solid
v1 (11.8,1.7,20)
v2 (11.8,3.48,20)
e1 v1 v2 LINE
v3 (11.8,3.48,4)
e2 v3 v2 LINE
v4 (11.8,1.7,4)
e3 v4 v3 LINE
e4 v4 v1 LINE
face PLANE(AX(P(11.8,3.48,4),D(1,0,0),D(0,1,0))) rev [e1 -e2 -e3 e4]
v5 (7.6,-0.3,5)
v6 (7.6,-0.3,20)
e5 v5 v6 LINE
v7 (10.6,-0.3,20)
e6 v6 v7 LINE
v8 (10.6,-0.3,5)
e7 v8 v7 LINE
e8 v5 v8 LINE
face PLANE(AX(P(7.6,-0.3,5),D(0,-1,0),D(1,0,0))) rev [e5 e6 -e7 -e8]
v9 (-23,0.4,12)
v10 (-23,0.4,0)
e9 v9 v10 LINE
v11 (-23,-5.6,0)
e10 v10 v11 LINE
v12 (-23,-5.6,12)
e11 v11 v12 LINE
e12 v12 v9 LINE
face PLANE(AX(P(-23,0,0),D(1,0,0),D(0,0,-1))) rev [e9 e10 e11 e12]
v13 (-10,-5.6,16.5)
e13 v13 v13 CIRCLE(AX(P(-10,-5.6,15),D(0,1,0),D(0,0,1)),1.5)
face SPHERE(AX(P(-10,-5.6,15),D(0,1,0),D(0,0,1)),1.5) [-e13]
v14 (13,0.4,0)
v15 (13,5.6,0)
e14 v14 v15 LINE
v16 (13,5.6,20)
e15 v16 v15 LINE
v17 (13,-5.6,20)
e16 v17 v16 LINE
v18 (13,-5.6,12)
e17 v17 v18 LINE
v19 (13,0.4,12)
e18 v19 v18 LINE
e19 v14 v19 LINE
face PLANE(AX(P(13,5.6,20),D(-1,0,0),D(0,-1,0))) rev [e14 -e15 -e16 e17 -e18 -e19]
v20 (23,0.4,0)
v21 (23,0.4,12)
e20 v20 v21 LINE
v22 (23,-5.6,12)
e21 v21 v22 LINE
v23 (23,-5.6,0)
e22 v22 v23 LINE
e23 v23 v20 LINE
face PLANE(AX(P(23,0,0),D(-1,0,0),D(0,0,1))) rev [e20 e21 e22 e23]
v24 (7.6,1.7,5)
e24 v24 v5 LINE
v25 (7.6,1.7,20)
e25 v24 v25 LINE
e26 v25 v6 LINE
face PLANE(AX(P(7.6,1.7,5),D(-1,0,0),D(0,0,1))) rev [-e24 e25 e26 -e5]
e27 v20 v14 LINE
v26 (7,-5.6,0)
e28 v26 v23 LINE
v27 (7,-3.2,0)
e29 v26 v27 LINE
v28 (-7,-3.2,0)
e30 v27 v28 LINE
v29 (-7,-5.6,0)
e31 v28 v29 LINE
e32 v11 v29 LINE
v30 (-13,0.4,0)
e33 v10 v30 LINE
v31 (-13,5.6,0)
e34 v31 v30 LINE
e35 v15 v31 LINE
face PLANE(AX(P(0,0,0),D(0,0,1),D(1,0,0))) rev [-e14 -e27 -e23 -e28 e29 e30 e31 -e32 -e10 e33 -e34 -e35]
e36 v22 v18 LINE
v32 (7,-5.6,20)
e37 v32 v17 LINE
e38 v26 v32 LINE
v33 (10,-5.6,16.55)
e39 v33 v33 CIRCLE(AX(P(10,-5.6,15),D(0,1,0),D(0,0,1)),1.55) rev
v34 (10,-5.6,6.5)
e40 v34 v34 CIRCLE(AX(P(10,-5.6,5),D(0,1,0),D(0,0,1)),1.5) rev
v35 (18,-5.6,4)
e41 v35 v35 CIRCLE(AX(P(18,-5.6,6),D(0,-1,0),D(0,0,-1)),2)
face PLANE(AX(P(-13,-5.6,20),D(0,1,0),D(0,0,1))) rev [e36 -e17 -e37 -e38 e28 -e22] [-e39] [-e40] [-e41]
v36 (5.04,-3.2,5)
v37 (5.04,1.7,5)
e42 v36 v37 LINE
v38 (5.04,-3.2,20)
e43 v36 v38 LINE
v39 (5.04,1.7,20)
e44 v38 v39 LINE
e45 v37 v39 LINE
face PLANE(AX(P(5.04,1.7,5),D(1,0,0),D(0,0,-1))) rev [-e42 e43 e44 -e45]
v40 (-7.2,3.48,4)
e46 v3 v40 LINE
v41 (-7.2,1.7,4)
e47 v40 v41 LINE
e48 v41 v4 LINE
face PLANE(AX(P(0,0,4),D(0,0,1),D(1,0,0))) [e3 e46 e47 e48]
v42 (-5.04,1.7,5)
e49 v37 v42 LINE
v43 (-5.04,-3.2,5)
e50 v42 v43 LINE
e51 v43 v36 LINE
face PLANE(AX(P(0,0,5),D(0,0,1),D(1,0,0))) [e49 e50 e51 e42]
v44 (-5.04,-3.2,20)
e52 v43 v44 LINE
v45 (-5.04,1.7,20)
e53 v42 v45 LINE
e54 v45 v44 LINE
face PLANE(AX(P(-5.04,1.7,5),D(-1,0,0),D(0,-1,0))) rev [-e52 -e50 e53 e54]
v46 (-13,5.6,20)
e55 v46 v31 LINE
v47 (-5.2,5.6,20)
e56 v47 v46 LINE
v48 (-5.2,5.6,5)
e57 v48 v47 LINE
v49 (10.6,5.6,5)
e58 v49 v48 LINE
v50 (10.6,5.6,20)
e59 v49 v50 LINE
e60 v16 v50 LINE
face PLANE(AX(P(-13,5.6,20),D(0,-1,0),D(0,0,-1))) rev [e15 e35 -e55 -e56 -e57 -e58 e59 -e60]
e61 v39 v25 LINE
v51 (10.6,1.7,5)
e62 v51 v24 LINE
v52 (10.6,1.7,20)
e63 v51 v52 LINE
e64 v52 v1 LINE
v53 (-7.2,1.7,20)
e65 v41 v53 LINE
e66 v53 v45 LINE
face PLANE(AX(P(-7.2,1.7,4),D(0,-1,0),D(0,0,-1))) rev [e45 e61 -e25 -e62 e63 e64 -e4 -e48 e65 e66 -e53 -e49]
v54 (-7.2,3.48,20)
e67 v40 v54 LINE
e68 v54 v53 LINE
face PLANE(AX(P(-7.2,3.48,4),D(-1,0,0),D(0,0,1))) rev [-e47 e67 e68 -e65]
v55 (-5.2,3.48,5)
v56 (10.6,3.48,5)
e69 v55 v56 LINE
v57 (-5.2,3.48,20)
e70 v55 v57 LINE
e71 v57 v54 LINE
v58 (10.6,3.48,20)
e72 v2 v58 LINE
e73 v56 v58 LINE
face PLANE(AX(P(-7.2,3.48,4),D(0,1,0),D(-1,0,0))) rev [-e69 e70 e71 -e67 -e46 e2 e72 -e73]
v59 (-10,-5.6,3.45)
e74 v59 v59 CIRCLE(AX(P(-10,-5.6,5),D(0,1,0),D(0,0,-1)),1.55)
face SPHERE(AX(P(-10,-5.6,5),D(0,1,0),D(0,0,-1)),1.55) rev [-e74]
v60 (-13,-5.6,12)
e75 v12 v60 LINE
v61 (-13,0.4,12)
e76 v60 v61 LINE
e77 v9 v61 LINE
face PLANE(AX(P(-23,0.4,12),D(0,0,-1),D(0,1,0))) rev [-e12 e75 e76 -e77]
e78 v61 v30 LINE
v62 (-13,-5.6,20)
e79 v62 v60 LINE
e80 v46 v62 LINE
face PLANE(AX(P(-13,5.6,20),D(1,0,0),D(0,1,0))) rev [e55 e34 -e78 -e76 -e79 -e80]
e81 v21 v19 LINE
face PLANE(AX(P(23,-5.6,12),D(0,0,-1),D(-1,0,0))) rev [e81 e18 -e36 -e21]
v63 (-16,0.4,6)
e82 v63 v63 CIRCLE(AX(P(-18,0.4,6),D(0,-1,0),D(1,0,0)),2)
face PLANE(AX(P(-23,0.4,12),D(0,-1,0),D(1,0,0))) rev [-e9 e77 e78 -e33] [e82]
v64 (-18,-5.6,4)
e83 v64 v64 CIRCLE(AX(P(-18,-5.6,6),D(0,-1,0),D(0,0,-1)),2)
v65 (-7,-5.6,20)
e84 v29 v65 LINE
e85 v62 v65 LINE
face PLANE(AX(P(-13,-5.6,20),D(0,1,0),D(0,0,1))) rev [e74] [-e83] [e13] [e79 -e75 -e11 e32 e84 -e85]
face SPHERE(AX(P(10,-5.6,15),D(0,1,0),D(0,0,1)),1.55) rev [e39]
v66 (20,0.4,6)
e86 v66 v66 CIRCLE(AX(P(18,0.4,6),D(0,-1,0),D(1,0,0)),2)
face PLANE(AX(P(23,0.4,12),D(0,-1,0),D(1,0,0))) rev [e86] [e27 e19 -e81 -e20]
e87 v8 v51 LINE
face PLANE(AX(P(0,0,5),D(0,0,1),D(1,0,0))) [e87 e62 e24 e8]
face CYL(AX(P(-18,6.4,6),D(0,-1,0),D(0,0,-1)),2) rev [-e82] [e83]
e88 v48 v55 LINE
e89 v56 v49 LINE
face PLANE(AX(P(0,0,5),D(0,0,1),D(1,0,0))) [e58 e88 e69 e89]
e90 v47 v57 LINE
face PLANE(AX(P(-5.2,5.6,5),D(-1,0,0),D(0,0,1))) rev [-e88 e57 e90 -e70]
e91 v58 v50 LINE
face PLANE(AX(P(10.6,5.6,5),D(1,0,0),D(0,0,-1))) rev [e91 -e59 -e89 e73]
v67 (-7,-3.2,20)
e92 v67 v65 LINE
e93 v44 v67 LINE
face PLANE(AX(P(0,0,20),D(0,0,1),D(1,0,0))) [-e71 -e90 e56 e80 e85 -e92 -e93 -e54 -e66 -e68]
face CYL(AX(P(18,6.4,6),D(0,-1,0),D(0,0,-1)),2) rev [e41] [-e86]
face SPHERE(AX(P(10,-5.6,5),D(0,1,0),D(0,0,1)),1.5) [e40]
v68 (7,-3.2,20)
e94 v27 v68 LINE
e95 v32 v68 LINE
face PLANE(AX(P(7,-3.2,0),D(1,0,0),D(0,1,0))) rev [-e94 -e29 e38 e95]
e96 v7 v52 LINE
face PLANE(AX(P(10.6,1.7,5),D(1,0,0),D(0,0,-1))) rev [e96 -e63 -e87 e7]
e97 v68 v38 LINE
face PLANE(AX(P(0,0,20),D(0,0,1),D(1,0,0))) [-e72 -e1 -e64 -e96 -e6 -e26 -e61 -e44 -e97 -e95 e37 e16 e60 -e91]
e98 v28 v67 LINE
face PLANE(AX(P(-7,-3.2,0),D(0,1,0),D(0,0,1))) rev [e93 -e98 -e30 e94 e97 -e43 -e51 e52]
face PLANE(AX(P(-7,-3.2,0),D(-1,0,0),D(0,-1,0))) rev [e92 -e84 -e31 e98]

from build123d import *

# Parameters (mm, degrees)
SKETCH2_W           = 26
SKETCH2_H           = 11.2
BOSS_EXTRUDE1_DEPTH = 20
SKETCH6_W           = 14
SKETCH6_H           = 2.4
CUT_EXTRUDE1_DEPTH  = 20
SKETCH7_W           = 10.08
SKETCH7_H           = 4.9
CUT_EXTRUDE2_DEPTH  = 15
SKETCH8_W           = 19
SKETCH8_H           = 1.78
CUT_EXTRUDE3_DEPTH  = 16
SKETCH9_W           = 15.8
SKETCH9_H           = 2.12
CUT_EXTRUDE4_DEPTH  = 15
SKETCH10_W          = 3
SKETCH10_H          = 2
CUT_EXTRUDE5_DEPTH  = 15
CUT_REVOLVE3_ANGLE  = 180
SKETCH15_W          = 12
SKETCH15_H          = 6
BOSS_EXTRUDE2_DEPTH = 10
SKETCH16_W          = 12
SKETCH16_H          = 6
BOSS_EXTRUDE3_DEPTH = 10
SKETCH17_R          = 2
CUT_EXTRUDE6_DEPTH  = 12
SKETCH18_R          = 2
CUT_EXTRUDE7_DEPTH  = 12


with BuildPart() as part:
    # Sketch2 → Boss-Extrude1 (new body)
    with BuildSketch(Plane.XY):
        Rectangle(SKETCH2_W, SKETCH2_H)
    extrude(amount=BOSS_EXTRUDE1_DEPTH)

    # Sketch6 → Cut-Extrude1 (cut)
    with BuildSketch(Plane.XY.offset(20)):
        with Locations((0, -4.4)):
            Rectangle(SKETCH6_W, SKETCH6_H)
    extrude(amount=-CUT_EXTRUDE1_DEPTH, mode=Mode.SUBTRACT)

    # Sketch7 → Cut-Extrude2 (cut)
    with BuildSketch(Plane.XY.offset(20)):
        with Locations((0, -0.75)):
            Rectangle(SKETCH7_W, SKETCH7_H)
    extrude(amount=-CUT_EXTRUDE2_DEPTH, mode=Mode.SUBTRACT)

    # Sketch8 → Cut-Extrude3 (cut)
    with BuildSketch(Plane.XY.offset(20)):
        with Locations((2.3, 2.59)):
            Rectangle(SKETCH8_W, SKETCH8_H)
    extrude(amount=-CUT_EXTRUDE3_DEPTH, mode=Mode.SUBTRACT)

    # Sketch9 → Cut-Extrude4 (cut)
    with BuildSketch(Plane.XY.offset(20)):
        with Locations((2.7, 4.54)):
            Rectangle(SKETCH9_W, SKETCH9_H)
    extrude(amount=-CUT_EXTRUDE4_DEPTH, mode=Mode.SUBTRACT)

    # Sketch10 → Cut-Extrude5 (cut)
    with BuildSketch(Plane.XY.offset(20)):
        with Locations((9.1, 0.7)):
            Rectangle(SKETCH10_W, SKETCH10_H)
    extrude(amount=-CUT_EXTRUDE5_DEPTH, mode=Mode.SUBTRACT)

    # Sketch11 → Cut-Revolve3 (revolve, cut)
    with BuildSketch(Plane.XZ.offset(5.6)):
        with BuildLine():
            Line((-11.55, 5), (-8.45, 5))
            ThreePointArc((-8.45, 5), (-10, 6.55), (-11.55, 5))
        make_face()
    revolve(axis=Axis((-11.55, -5.6, 5), (-1, 0, 0)), revolution_arc=CUT_REVOLVE3_ANGLE, mode=Mode.SUBTRACT)

    # Sketch12 → Revolve2 (revolve)
    with BuildSketch(Plane.XZ.offset(5.6)):
        with BuildLine():
            Line((-11.5, 15), (-8.5, 15))
            ThreePointArc((-8.5, 15), (-10, 13.5), (-11.5, 15))
        make_face()
    revolve(axis=Axis((-11.5, -5.6, 15), (1, 0, 0)))

    # Sketch14 → Cut-Revolve4 (revolve, cut)
    with BuildSketch(Plane.XZ.offset(5.6)):
        with BuildLine():
            Line((8.45, 15), (11.55, 15))
            ThreePointArc((11.55, 15), (10, 13.45), (8.45, 15))
        make_face()
    revolve(axis=Axis((8.45, -5.6, 15), (1, 0, 0)), mode=Mode.SUBTRACT)

    # Sketch13 → Revolve3 (revolve)
    with BuildSketch(Plane.XZ.offset(5.6)):
        with BuildLine():
            Line((8.5, 5), (11.5, 5))
            ThreePointArc((11.5, 5), (10, 6.5), (8.5, 5))
        make_face()
    revolve(axis=Axis((8.5, -5.6, 5), (1, 0, 0)))

    # Sketch15 → Boss-Extrude2 (add)
    with BuildSketch(Plane.ZY.offset(13)):
        with Locations((6, -2.6)):
            Rectangle(SKETCH15_W, SKETCH15_H)
    extrude(amount=BOSS_EXTRUDE2_DEPTH)

    # Sketch16 → Boss-Extrude3 (add)
    with BuildSketch(Plane(origin=(13, 0, 0), x_dir=(0, 0, -1), z_dir=(1, 0, 0))):
        with Locations((-6, -2.6)):
            Rectangle(SKETCH16_W, SKETCH16_H)
    extrude(amount=BOSS_EXTRUDE3_DEPTH)

    # Sketch17 → Cut-Extrude6 (cut)
    with BuildSketch(Plane.XZ.offset(5.6)):
        with Locations(Location((-18, 6, 0), (0, 0, 270))):
            Circle(SKETCH17_R)
    extrude(amount=-CUT_EXTRUDE6_DEPTH, mode=Mode.SUBTRACT)

    # Sketch18 → Cut-Extrude7 (cut)
    with BuildSketch(Plane.XZ.offset(5.6)):
        with Locations(Location((18, 6, 0), (0, 0, 270))):
            Circle(SKETCH18_R)
    extrude(amount=-CUT_EXTRUDE7_DEPTH, mode=Mode.SUBTRACT)


solid = part.part
